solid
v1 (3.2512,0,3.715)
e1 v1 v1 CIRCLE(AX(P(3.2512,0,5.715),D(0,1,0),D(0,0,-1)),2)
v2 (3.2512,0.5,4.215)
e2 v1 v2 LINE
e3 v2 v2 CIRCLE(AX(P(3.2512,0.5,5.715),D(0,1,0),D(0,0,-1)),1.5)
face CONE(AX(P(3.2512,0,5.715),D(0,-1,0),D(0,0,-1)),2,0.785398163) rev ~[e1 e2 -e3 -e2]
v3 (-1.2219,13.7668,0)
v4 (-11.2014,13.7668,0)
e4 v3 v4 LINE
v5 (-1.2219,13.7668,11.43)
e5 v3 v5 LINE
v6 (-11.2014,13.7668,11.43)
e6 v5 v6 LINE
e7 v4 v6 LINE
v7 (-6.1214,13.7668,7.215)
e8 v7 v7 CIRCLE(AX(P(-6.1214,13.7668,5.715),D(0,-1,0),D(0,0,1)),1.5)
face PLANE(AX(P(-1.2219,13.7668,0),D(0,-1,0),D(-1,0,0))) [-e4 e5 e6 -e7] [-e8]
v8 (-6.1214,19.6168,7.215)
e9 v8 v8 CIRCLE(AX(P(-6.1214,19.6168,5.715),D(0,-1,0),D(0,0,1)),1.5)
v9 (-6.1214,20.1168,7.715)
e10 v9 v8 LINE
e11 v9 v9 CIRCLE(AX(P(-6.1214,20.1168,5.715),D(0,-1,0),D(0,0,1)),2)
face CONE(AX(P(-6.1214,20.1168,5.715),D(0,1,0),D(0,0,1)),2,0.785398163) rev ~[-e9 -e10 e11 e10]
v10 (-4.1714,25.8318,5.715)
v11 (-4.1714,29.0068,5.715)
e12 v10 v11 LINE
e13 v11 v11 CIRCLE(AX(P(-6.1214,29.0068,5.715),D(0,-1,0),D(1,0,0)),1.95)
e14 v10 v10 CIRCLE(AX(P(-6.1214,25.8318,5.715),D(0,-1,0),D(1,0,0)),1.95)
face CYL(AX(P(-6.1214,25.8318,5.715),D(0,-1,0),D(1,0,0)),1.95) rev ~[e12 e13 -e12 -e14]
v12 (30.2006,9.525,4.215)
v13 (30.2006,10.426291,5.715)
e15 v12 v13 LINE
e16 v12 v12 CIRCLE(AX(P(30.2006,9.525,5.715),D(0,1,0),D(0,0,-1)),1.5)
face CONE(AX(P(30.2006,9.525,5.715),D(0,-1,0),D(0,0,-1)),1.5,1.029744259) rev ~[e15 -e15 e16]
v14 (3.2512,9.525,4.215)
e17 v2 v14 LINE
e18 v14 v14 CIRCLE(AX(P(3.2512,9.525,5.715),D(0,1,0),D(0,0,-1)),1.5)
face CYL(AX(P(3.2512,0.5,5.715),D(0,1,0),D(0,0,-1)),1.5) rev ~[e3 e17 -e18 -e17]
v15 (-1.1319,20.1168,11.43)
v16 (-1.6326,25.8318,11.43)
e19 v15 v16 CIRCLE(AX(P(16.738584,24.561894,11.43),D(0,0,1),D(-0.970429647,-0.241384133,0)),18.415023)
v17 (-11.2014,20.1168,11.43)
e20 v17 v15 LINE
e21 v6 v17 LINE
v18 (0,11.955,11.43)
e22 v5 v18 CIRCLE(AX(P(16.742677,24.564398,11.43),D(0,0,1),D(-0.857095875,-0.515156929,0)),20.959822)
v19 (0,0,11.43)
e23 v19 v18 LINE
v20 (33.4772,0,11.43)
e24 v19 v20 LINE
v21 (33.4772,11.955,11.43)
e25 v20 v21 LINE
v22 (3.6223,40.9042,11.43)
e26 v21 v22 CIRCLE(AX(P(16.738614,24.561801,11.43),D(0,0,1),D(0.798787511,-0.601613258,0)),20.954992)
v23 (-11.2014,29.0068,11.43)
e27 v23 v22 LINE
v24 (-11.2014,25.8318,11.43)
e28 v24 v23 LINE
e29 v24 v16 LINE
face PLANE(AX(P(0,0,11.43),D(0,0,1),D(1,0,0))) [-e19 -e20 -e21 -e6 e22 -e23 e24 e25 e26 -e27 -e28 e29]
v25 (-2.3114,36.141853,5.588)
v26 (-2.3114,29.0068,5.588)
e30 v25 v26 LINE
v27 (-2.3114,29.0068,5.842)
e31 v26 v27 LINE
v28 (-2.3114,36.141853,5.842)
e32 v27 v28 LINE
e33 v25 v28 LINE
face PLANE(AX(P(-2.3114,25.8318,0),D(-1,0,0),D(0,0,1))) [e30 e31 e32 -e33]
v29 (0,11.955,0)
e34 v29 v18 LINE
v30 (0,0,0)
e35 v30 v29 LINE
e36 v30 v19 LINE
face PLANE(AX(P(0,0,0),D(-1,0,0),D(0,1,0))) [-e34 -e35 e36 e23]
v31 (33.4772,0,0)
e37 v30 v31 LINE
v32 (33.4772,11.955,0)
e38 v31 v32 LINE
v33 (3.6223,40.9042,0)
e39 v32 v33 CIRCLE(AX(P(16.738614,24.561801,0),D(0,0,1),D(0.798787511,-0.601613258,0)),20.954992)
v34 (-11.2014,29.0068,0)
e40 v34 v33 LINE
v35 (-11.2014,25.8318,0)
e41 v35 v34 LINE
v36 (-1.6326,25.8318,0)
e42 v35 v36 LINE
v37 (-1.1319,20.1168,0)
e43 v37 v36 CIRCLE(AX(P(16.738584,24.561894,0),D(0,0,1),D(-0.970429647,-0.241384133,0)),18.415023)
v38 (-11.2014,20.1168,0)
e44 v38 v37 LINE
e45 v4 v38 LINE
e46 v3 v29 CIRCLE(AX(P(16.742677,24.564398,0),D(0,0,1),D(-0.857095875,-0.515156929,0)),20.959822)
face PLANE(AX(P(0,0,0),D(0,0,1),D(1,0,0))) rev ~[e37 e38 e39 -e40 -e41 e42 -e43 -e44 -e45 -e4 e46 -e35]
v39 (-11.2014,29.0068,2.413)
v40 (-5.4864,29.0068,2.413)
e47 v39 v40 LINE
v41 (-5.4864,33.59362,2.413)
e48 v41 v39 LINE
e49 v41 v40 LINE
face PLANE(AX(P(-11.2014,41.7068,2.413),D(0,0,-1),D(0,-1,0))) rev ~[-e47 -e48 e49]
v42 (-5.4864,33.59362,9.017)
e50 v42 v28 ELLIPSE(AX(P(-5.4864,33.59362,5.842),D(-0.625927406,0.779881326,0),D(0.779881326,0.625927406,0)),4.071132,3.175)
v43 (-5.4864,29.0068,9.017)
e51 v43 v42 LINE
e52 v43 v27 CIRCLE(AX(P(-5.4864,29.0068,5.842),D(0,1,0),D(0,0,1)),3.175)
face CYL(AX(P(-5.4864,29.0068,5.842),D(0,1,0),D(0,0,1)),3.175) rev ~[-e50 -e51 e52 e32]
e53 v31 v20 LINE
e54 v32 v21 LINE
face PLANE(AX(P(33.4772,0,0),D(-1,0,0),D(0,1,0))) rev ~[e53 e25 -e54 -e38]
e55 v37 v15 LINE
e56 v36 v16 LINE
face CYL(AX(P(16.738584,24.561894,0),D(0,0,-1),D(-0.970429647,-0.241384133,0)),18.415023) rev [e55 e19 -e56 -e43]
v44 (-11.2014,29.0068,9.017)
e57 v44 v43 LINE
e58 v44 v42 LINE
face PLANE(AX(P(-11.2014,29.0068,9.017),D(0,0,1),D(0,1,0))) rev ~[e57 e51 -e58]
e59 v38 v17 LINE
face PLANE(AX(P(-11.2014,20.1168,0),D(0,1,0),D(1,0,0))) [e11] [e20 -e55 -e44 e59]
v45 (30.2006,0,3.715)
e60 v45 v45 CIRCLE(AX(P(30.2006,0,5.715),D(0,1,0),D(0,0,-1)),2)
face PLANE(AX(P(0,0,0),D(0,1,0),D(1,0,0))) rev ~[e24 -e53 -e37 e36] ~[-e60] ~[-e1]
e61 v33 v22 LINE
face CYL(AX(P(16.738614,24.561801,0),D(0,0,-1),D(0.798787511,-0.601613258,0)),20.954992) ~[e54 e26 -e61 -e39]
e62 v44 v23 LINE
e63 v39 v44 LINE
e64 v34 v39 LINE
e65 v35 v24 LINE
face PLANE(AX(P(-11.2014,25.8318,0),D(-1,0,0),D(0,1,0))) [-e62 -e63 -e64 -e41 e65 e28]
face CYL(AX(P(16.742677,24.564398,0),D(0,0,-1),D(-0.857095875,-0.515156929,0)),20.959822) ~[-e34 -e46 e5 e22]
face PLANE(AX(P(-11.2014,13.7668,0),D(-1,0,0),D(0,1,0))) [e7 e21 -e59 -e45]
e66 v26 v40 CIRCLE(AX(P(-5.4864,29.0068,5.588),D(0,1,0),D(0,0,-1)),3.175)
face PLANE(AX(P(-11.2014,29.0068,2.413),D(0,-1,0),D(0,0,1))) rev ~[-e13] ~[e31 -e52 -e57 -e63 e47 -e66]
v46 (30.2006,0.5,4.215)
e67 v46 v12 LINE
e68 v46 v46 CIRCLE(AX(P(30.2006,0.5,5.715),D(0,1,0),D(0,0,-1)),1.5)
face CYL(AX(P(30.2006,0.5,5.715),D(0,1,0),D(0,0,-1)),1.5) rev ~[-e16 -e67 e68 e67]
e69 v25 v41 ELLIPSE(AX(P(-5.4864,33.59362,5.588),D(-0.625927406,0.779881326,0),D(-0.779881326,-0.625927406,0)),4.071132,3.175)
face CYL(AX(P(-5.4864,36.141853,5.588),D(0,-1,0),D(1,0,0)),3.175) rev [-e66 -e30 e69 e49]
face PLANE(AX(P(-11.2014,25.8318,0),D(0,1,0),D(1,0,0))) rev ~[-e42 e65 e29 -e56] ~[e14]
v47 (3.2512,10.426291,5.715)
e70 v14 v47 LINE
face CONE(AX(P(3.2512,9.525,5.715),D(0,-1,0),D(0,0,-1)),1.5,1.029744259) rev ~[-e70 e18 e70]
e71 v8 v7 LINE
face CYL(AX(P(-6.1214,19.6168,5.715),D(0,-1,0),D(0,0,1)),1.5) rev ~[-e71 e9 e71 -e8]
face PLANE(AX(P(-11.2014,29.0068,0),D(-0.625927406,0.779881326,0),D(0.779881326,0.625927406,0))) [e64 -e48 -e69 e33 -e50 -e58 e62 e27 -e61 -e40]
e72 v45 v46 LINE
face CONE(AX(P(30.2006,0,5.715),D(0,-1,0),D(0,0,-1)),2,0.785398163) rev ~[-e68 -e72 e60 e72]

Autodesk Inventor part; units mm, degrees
ref_plane "YZ Plane" through (0, 0, 0) normal (1, 0, 0) x (0, 1, 0)
ref_plane "XZ Plane" through (0, 0, 0) normal (0, 1, 0) x (-1, 0, 0)
ref_plane "XY Plane" through (0, 0, 0) normal (0, 0, 1) x (1, 0, 0)
sketch "Sketch1" plane through (0, 0, 0) normal (0, 0, 1) x (1, 0, 0)
  arc A0 (-1.1319, 20.1168) -> (-1.6326, 25.8318) centre (16.7386, 24.5618) ccw
  line L0 (0, 0) -> (33.4772, 0)
  line L1 (33.4772, 0) -> (33.4772, 11.955)
  line L2 (0, 0) -> (0, 11.955)
  line L3 (-1.2219, 13.7668) -> (-11.2014, 13.7668)
  line L4 (-11.2014, 13.7668) -> (-11.2014, 20.1168)
  line L5 (-11.2014, 20.1168) -> (-1.1319, 20.1168)
  line L6 (-11.2014, 25.8318) -> (-1.6326, 25.8318)
  line L7 (-11.2014, 25.8318) -> (-11.2014, 29.0068)
  line L8 (-11.2014, 29.0068) -> (3.6223, 40.9042)
  arc A1 (-1.2219, 13.7668) -> (0, 11.955) centre (16.7386, 24.5618) ccw
  arc A2 (33.4772, 11.955) -> (3.6223, 40.9042) centre (16.7386, 24.5618) ccw
  dimension "d0" = 24.5618
  dimension "d1" = 16.7386
  dimension "d2" = 36.83
  dimension "d4" = 33.4772
  dimension "d5" = 11.955
  dimension "d6" = 6.35
  dimension "d7" = 13.7668
  dimension "d8" = 5.715
  dimension "d9" = 27.94
  dimension "d10" = 3.175
  dimension "d13" = 20.955
extrude "Clamp Body" add sketch "Sketch1" along normal blind 11.43
sketch "Sketch2" plane through (0, 0, 0) normal (0, -1, 0) x (1, 0, 0)
  circle A0 centre (3.2512, 5.715) radius 1.5
  circle A1 centre (30.2006, 5.715) radius 1.5
  line L0 (-11.2014, 0) -> (-1.2219, 0) projected
  line L1 (0, 0) -> (0, 11.43) projected
  line L2 (33.4772, 0) -> (33.4772, 11.43) projected
  dimension "d16" = 3
  dimension "d17" = 5.715
  dimension "d18" = 26.9494
  dimension "d20" = 3.2512
  dimension "d21" = 3.2766
hole "Mounting Holes" at (30.2006, 0, 5.715) at (3.2512, 0, 5.715) direction (0, 1, 0) diameter 3 depth 9.525 tip angle 118 countersink diameter 4 countersink angle 90
sketch "Sketch7" plane through (-11.2014, 20.1168, 0) normal (0, 1, 0) x (1, 0, 0)
  circle A0 centre (5.08, -5.715) radius 1.5
  line L0 (0, 0) -> (0, -11.43) projected
  line L1 (10.0695, 0) -> (0, 0) projected
  point P0 (11.2014, 0)
  dimension "d41" = 3
  dimension "d42" = 5.08
  dimension "d43" = 5.715
hole "Tightner Threaded Hole" at (-6.1214, 20.1168, 5.715) direction (0, -1, 0) diameter 3 end through all countersink diameter 4 countersink angle 90
sketch "Sketch4" plane through (-11.2014, 25.8318, 0) normal (0, -1, 0) x (1, 0, 0)
  circle A0 centre (5.08, 5.715) radius 1.95
  circle A1 centre (5.08, 5.715) radius 1.5 projected
  point P0 (11.2014, 0)
  dimension "d31" = 3.9
extrude "Tightner Hole" cut sketch "Sketch4" against normal blind 9.525 contours A0 | A1
sketch "Sketch6" plane through (-11.2014, 25.8318, 0) normal (-1, 0, 0) x (0, 0, 1)
  line L0 (2.413, 3.175) -> (9.017, 3.175)
  line L1 (9.017, 3.175) -> (9.017, 15.875)
  line L2 (9.017, 15.875) -> (2.413, 15.875)
  line L3 (2.413, 15.875) -> (2.413, 3.175)
  line L4 (0, 3.175) -> (0, 0) projected
  line L5 (11.43, 3.175) -> (11.43, 0) projected
  line L6 (0, 3.175) -> (11.43, 3.175) projected
  point P0 (0, -25.8318)
  dimension "d34" = 2.413
  dimension "d35" = 2.413
  dimension "d36" = 12.7
  dimension "d39" = 6.604
extrude "Tightner Cutout" cut sketch "Sketch6" against normal blind 8.89
fillet "Tightner Fillet" radius 3.175 2 edges at (-2.3114, 32.5743, 2.413) (-2.3114, 32.5743, 9.017)
properties part number "MotorClampXT"
